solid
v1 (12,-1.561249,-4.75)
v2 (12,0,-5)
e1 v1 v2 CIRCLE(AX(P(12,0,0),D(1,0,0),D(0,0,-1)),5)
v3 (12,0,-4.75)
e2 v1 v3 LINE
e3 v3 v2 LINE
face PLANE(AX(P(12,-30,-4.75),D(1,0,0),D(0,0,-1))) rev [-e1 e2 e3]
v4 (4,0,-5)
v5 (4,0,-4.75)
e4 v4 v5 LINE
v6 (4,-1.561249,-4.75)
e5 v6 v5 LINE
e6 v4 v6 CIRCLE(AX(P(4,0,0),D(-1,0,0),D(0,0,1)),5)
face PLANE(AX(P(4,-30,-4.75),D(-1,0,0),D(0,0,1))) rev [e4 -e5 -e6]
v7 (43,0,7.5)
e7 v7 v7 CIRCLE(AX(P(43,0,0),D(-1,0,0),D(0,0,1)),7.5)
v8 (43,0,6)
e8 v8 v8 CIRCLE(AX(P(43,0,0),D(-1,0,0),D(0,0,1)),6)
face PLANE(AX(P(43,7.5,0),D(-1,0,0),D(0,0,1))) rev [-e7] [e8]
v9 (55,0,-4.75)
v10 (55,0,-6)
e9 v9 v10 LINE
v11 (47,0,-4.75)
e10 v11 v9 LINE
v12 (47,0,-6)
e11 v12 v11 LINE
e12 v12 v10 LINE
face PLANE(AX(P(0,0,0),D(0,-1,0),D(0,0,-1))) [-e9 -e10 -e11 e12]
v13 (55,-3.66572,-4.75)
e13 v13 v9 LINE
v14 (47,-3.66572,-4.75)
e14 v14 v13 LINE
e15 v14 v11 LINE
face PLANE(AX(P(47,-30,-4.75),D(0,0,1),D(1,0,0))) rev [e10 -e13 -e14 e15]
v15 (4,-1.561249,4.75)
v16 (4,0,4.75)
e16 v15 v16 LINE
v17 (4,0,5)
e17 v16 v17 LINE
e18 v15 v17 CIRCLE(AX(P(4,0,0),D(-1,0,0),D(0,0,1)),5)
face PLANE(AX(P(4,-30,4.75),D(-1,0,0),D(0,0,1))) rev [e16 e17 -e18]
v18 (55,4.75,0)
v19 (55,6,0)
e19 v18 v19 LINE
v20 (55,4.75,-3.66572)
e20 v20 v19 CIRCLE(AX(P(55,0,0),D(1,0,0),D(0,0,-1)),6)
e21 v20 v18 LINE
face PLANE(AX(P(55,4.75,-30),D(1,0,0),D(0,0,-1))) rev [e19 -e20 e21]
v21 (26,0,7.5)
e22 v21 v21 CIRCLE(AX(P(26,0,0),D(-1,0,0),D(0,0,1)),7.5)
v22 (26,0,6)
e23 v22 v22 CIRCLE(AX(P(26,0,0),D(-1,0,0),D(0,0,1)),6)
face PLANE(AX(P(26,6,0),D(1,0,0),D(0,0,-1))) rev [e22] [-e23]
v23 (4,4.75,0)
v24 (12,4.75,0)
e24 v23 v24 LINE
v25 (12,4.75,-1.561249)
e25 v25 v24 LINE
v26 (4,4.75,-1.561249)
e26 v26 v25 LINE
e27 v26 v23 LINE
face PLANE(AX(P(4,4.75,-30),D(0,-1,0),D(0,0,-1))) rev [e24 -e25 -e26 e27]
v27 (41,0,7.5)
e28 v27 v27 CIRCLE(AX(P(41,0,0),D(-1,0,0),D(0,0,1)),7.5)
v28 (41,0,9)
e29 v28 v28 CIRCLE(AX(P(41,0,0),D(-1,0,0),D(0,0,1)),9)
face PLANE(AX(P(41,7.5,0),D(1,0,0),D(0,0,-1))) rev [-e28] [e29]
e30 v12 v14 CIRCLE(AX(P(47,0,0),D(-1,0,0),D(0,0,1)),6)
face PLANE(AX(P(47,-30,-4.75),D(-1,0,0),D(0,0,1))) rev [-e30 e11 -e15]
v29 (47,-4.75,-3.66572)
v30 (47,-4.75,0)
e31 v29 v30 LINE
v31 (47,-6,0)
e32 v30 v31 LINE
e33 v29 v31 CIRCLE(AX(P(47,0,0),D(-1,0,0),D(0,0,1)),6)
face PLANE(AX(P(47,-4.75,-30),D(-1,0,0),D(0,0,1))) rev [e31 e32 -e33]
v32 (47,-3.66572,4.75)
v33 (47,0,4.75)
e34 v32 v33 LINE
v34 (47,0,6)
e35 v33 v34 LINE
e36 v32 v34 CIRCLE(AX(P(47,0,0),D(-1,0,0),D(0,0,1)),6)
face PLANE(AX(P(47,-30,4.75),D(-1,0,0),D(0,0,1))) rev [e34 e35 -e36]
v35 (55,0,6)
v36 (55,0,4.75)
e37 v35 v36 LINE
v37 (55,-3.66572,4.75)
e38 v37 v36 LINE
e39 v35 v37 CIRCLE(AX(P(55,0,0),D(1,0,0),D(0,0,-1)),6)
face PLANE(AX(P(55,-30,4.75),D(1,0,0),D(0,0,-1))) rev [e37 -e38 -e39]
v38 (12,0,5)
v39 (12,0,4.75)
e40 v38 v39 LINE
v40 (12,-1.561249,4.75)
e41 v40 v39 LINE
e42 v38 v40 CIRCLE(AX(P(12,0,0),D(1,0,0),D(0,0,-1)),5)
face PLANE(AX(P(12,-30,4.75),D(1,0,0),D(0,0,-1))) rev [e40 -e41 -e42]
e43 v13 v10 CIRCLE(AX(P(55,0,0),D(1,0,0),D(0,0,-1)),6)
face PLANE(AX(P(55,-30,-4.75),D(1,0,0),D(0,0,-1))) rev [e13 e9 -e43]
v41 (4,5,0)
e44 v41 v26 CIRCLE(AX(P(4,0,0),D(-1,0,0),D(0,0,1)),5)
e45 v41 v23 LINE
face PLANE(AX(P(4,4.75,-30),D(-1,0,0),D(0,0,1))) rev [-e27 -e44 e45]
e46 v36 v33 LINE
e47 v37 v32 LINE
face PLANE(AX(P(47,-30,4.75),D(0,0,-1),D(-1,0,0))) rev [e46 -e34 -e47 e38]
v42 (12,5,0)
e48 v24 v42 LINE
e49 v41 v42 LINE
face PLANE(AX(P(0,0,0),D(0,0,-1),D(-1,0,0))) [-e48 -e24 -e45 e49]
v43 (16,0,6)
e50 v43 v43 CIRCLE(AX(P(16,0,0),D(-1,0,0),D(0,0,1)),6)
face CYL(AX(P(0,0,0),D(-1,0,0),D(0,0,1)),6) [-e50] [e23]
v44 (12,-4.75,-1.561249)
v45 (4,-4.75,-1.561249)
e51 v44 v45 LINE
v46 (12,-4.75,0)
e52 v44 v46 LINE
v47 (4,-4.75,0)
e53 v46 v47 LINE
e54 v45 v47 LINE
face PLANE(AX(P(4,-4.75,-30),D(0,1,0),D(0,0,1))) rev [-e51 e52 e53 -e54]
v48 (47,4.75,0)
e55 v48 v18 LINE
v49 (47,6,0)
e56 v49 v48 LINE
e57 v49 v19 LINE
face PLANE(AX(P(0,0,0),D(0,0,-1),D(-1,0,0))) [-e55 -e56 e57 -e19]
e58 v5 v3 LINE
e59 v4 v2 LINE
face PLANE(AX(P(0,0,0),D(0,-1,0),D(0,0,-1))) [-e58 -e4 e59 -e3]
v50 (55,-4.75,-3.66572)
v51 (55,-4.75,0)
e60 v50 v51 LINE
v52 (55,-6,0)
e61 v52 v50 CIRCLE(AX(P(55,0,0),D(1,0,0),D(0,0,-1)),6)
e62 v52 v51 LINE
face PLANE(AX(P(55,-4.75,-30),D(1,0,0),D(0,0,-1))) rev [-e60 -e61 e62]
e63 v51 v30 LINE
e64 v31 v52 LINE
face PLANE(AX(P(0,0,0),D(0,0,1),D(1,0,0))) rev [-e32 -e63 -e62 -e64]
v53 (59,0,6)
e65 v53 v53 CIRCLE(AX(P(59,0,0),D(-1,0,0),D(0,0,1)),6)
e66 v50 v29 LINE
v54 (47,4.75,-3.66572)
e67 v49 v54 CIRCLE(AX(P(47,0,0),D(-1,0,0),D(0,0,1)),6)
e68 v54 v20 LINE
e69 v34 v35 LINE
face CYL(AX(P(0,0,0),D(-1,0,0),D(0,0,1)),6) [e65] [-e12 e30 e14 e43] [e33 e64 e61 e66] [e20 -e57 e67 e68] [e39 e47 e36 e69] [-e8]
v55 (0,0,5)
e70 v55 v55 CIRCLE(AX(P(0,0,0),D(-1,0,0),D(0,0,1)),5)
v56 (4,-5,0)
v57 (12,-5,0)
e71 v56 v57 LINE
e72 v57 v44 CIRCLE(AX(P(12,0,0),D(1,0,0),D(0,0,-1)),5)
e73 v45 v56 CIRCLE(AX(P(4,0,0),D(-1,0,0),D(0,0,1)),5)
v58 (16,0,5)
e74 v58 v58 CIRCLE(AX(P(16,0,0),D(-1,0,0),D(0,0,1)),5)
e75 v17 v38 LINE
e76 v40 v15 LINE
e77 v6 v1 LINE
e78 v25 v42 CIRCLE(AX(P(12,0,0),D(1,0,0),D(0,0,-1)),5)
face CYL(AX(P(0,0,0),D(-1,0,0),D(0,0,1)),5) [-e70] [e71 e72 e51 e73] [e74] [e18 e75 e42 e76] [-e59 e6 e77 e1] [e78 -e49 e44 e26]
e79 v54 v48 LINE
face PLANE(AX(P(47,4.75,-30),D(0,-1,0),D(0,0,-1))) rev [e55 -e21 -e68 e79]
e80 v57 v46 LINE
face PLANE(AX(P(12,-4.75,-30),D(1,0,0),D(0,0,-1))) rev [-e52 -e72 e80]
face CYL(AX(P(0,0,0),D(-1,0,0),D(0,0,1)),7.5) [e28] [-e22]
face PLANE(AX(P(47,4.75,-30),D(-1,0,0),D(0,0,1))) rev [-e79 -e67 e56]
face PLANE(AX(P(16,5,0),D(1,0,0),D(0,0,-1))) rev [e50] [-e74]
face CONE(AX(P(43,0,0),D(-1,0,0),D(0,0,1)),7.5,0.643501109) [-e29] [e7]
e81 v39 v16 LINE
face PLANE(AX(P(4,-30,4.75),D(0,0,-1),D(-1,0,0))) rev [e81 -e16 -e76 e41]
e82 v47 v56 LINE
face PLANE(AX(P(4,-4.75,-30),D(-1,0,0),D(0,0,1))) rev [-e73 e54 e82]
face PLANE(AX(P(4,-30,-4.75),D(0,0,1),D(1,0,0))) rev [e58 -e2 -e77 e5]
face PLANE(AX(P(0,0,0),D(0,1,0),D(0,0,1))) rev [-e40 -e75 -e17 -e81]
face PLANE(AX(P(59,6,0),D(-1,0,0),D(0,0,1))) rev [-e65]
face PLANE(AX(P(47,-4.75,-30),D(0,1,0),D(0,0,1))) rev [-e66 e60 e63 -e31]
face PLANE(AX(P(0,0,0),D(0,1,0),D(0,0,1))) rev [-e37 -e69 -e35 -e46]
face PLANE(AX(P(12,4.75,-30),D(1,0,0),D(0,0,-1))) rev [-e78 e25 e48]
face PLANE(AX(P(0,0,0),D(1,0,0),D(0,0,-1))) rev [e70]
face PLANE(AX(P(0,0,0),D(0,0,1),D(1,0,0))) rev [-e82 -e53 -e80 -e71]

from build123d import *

# Parameters (mm, degrees)
SKETCH2_W                     = 8
SKETCH2_H                     = 10.25
CUT_FLATS_TOP_BOT_LEFT_DEPTH  = 30
SKETCH3_W                     = 8
SKETCH3_H                     = 10.25
CUT_FLATS_SIDES_LEFT_DEPTH    = 30
SKETCH4_W                     = 8
SKETCH4_H                     = 10.25
CUT_FLATS_TOP_BOT_RIGHT_DEPTH = 30
SKETCH5_W                     = 8
SKETCH5_H                     = 10.25
CUT_FLATS_SIDES_RIGHT_DEPTH   = 30


with BuildPart() as part:
    # Sketch1 → Revolve-Shaft (revolve)
    with BuildSketch(Plane.XY, mode=Mode.PRIVATE) as revolve_shaft_sk:
        Polygon((0, 0), (0, 5), (16, 5), (16, 6), (26, 6), (26, 7.5), (41, 7.5), (41, 9), (43, 7.5), (43, 6), (59, 6), (59, 0), align=None)
    revolve(revolve_shaft_sk.sketch.rotate(Axis((0, 0, 0), (1, 0, 0)), 90), axis=Axis((0, 0, 0), (1, 0, 0)))

    # Sketch2 → Cut-Flats Top-Bot Left (cut)
    with BuildSketch(Plane(origin=(0, 0, 0), x_dir=(1, 0, 0), z_dir=(0, 1, 0))):
        with Locations((8, 9.875)):
            Rectangle(SKETCH2_W, SKETCH2_H)
        with Locations((8, -9.875)):
            Rectangle(SKETCH2_W, SKETCH2_H)
    extrude(amount=-CUT_FLATS_TOP_BOT_LEFT_DEPTH, mode=Mode.SUBTRACT)

    # Sketch3 → Cut-Flats Sides Left (cut)
    with BuildSketch(Plane.XY):
        with Locations((8, 9.875)):
            Rectangle(SKETCH3_W, SKETCH3_H)
        with Locations((8, -9.875)):
            Rectangle(SKETCH3_W, SKETCH3_H)
    extrude(amount=-CUT_FLATS_SIDES_LEFT_DEPTH, mode=Mode.SUBTRACT)

    # Sketch4 → Cut-Flats Top-Bot Right (cut)
    with BuildSketch(Plane(origin=(0, 0, 0), x_dir=(1, 0, 0), z_dir=(0, 1, 0))):
        with Locations((51, 9.875)):
            Rectangle(SKETCH4_W, SKETCH4_H)
        with Locations((51, -9.875)):
            Rectangle(SKETCH4_W, SKETCH4_H)
    extrude(amount=-CUT_FLATS_TOP_BOT_RIGHT_DEPTH, mode=Mode.SUBTRACT)

    # Sketch5 → Cut-Flats Sides Right (cut)
    with BuildSketch(Plane.XY):
        with Locations((51, 9.875)):
            Rectangle(SKETCH5_W, SKETCH5_H)
        with Locations((51, -9.875)):
            Rectangle(SKETCH5_W, SKETCH5_H)
    extrude(amount=-CUT_FLATS_SIDES_RIGHT_DEPTH, mode=Mode.SUBTRACT)


solid = part.part
